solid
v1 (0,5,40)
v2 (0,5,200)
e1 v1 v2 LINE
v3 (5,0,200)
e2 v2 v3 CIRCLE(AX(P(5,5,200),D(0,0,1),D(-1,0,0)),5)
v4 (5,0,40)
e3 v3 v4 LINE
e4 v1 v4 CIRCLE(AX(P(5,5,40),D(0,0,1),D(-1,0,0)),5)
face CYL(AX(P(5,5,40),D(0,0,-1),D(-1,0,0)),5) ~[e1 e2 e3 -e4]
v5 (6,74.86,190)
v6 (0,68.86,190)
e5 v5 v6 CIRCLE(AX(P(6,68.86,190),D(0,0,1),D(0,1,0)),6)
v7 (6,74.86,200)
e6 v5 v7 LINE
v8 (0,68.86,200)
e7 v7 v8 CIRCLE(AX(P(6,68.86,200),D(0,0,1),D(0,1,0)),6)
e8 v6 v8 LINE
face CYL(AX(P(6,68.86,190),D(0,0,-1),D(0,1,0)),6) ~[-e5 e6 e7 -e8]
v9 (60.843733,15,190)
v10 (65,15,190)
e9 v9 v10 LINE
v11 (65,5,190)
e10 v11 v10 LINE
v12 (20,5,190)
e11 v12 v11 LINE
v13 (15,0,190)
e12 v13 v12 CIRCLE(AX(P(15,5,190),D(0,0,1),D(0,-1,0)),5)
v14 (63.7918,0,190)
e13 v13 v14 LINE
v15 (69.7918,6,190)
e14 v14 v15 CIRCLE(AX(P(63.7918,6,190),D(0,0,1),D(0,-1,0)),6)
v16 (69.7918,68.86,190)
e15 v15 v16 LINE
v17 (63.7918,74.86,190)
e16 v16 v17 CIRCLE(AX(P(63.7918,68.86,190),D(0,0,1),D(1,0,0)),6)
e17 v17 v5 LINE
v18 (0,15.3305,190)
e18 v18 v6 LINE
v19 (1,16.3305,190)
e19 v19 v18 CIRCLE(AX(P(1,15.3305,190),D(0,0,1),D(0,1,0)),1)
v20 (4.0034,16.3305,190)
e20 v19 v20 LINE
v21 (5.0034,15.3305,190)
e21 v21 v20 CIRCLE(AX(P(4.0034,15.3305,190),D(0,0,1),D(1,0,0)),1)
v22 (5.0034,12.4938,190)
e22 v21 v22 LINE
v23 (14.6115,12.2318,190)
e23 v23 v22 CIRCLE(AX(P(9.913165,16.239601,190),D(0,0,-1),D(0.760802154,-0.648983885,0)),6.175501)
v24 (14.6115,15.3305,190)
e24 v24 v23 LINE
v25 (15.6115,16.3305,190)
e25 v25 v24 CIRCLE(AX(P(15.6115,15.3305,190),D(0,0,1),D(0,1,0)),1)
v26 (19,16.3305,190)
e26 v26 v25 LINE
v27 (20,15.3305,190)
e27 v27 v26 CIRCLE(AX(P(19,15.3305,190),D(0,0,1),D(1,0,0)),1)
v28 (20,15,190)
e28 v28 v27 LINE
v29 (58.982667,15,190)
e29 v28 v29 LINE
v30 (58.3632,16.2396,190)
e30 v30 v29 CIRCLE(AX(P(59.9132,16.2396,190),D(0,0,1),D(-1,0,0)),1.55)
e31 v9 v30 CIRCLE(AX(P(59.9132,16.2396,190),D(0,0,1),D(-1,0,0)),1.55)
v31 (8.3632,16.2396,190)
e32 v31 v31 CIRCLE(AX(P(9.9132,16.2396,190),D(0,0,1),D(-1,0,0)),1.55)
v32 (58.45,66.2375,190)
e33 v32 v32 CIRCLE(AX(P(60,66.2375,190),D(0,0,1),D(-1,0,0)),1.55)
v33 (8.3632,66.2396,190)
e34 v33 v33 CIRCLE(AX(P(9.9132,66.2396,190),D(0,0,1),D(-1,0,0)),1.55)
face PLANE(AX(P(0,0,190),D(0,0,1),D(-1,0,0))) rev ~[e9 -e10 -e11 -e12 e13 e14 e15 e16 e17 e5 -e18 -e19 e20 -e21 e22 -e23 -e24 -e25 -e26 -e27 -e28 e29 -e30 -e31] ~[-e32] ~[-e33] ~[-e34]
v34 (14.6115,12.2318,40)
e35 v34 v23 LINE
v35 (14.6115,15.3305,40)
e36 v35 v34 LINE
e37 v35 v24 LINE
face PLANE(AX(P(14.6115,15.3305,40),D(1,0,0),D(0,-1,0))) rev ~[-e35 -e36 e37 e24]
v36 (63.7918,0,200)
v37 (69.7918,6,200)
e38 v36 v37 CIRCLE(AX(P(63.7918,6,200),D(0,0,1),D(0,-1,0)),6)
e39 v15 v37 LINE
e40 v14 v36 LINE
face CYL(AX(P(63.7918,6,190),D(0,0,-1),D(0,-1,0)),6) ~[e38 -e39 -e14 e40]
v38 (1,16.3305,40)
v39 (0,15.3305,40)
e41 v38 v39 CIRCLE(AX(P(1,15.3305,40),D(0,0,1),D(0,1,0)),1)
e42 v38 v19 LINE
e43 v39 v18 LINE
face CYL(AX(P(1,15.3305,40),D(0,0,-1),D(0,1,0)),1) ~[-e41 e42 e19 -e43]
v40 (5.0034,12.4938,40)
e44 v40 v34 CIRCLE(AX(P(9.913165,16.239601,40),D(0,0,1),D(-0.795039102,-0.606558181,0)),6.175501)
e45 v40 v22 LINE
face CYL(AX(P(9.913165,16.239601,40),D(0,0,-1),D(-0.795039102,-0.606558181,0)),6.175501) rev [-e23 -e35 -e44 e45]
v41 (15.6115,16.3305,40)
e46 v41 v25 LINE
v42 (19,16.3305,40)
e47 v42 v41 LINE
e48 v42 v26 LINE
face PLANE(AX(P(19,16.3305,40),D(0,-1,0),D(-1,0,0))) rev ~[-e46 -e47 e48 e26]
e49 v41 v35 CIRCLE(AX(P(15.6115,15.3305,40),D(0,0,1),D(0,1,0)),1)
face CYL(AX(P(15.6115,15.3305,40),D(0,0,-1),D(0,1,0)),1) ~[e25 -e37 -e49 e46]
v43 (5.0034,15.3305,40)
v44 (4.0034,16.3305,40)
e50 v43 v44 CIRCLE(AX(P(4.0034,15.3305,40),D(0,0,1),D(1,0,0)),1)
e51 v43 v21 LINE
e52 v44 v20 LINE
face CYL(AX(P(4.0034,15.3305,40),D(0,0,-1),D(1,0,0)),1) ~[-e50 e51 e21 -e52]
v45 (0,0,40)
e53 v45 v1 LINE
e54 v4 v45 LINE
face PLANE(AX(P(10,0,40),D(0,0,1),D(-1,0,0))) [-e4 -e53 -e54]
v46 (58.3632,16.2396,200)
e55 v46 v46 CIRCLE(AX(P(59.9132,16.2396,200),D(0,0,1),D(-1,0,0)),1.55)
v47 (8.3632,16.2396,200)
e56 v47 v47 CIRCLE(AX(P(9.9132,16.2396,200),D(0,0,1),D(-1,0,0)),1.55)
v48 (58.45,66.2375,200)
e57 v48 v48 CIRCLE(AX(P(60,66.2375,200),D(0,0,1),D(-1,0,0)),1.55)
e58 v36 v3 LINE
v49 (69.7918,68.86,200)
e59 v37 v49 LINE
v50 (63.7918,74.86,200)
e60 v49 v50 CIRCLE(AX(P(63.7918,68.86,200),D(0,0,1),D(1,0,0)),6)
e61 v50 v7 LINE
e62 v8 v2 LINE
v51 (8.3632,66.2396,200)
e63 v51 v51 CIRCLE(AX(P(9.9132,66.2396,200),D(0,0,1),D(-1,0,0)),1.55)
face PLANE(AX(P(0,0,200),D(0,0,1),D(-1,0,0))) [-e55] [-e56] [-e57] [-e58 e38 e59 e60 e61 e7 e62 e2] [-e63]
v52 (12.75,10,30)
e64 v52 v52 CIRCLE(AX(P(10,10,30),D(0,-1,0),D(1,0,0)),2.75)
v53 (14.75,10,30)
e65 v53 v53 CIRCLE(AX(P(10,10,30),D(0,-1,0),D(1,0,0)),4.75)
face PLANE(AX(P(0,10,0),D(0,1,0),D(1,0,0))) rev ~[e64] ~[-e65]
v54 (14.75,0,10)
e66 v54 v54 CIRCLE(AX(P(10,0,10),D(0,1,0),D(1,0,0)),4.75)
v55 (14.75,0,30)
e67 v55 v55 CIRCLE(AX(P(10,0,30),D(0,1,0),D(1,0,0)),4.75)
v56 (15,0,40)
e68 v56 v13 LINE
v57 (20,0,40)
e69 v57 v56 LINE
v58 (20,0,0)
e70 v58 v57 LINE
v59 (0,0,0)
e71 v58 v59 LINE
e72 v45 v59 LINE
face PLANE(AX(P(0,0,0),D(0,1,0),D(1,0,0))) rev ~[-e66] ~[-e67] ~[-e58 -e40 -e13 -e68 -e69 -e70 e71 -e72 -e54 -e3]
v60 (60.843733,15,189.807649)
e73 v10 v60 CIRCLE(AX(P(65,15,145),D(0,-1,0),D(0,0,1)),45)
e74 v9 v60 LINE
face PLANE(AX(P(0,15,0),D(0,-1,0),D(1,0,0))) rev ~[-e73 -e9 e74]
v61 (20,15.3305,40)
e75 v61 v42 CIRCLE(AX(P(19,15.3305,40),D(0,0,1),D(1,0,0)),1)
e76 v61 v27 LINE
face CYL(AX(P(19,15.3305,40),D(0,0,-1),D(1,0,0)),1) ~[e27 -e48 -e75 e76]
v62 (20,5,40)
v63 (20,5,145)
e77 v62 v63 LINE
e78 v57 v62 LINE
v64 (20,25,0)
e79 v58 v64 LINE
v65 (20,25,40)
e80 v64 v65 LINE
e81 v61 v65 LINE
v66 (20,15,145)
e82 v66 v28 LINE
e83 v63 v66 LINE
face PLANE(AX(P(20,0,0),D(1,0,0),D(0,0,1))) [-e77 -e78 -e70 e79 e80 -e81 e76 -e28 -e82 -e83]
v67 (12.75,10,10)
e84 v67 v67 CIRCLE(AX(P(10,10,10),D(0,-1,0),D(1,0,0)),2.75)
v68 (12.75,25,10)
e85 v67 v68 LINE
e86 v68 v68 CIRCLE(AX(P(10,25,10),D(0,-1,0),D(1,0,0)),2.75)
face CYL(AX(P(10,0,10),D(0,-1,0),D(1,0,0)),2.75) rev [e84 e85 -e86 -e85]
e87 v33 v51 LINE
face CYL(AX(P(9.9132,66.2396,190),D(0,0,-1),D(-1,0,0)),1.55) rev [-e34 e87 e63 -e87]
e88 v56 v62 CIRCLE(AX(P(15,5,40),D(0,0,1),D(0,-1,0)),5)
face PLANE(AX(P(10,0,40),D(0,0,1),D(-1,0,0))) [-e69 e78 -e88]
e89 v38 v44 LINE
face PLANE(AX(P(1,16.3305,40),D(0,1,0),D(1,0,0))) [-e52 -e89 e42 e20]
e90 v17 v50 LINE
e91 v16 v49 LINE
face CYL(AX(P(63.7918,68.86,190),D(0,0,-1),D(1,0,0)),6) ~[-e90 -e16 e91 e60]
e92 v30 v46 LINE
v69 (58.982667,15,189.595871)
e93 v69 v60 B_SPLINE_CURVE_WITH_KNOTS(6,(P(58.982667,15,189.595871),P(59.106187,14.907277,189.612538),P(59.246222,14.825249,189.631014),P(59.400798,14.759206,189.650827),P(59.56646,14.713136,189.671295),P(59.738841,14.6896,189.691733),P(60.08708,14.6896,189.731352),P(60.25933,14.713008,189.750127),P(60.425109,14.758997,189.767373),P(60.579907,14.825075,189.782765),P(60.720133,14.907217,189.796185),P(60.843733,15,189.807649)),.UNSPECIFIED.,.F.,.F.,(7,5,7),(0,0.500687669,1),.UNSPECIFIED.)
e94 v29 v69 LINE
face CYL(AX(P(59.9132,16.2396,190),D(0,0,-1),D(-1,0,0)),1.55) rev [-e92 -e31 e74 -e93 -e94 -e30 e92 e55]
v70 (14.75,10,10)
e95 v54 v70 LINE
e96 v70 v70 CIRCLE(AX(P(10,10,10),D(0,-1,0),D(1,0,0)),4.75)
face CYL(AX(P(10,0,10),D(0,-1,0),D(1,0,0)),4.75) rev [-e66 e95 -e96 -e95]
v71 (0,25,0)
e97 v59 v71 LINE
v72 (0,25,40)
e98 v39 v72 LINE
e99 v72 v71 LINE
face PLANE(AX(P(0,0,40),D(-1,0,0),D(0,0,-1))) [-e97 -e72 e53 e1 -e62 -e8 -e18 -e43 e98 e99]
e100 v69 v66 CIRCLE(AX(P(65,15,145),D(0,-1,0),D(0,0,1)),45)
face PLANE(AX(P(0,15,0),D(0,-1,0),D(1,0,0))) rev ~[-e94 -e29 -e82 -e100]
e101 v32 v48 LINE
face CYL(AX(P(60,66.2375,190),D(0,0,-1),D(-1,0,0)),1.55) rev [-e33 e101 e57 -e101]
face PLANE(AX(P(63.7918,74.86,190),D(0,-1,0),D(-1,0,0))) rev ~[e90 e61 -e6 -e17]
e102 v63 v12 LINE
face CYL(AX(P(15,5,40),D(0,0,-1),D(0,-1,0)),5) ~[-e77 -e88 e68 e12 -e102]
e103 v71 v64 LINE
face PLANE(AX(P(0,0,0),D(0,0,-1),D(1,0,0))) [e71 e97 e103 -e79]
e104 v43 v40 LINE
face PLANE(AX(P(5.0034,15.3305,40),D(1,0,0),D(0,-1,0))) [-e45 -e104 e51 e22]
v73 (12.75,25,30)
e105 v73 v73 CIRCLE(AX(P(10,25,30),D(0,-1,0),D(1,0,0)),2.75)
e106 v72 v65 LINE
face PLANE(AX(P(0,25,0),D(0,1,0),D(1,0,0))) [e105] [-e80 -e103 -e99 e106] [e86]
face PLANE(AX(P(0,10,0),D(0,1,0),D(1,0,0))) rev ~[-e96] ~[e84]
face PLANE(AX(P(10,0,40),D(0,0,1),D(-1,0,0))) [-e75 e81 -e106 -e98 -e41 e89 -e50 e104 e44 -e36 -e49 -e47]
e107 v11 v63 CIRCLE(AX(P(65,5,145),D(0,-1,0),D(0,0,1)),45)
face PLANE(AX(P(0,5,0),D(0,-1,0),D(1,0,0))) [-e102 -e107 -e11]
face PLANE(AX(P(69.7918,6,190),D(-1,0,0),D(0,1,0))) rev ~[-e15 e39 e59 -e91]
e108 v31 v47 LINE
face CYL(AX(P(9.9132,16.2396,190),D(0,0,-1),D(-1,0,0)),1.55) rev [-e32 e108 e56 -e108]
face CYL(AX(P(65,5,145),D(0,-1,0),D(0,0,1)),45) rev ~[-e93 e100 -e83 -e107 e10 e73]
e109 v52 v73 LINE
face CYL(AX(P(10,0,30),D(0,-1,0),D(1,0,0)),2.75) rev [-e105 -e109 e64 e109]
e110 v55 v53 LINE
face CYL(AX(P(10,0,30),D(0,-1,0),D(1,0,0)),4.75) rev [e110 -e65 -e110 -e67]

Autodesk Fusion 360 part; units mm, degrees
sketch "Sketch1" plane through (0, 0, 0) normal (0, 1, 0) x (1, 0, 0)
  line L0 (0, 0) -> (20, 0)
  line L1 (20, 0) -> (20, -40)
  line L2 (20, -40) -> (0, -40)
  line L3 (0, -40) -> (0, 0)
  line L4 (20, -40) -> (10, -40)
  line L5 (10, -40) -> (10, 0)
  line L6 (10, -40) -> (10, -30)
  line L7 (10, 0) -> (10, -10)
  circle A0 centre (10, -10) radius 2.75
  circle A1 centre (10, -30) radius 2.75
  circle A2 centre (10, -30) radius 4.75
  circle A3 centre (10, -10) radius 4.75
  dimension "d1" = 20
  dimension "d2" = 40
  dimension "d3" = 10
  dimension "d4" = 10
  dimension "d5" = 10
  dimension "d6" = 5.5
  dimension "d7" = 5.5
  dimension "d10" = 9.5
  dimension "d11" = 9.5
extrude "Extrude1" add sketch "Sketch1" along normal blind 25 contours L0 L2 L3 L5 L6 L7 A2 A3 | L0 L1 L2 L4 L5 L6 L7 A2 A3 | L5 L7 A0 A3 | L5 L7 A0 A3 | L5 L6 A1 A2 | L5 L6 A1 A2
extrude "Extrude2" cut sketch "Sketch1" along normal blind 10 contours L5 L7 A0 A3 | L5 L7 A0 A3 | L5 L6 A1 A2 | L5 L6 A1 A2
sketch "Sketch2" plane through (0, 0, 0) normal (1, 0, 0) x (0, 1, 0)
  line L0 (0, 0) -> (20, 0)
  line L1 (20, 0) -> (20, 40)
  line L2 (20, 40) -> (0, 40)
  line L3 (0, 40) -> (0, 0)
  line L4 (0, 30) -> (10, 30)
  line L5 (0, 10) -> (10, 10)
  circle A0 centre (10, 30) radius 2.35
  circle A1 centre (10, 10) radius 2.35
  dimension "d14" = 20
  dimension "d15" = 10
  dimension "d16" = 10
  dimension "d17" = 4.7
  dimension "d18" = 4.7
sketch "Sketch3" plane through (0, 0, 40) normal (0, 0, 1) x (-1, 0, 0)
  line L0 (0, 0) -> (-20, 0)
  line L1 (-20, 0) -> (-20, -25)
  line L2 (-20, -25) -> (0, -25)
  line L3 (0, -25) -> (0, 0)
  line L4 (-15, 0) -> (-5, 0)
  line L5 (0, -5) -> (0, -15.3305)
  line L6 (-20, -15.3305) -> (-20, -5)
  line L7 (-10.403, -10.0836) -> (-9.4234, -10.0836)
  line L8 (0, -10) -> (0, -15.3305)
  line L9 (-19, -16.3305) -> (-15.6115, -16.3305)
  line L10 (-14.6115, -15.3305) -> (-14.6115, -12.2318)
  line L11 (-1, -16.3305) -> (-4.0034, -16.3305)
  line L12 (-5.0034, -15.3305) -> (-5.0034, -12.4938)
  arc A0 (-5.0034, -12.4938) -> (-14.6115, -12.2318) centre (-9.9132, -16.2396) ccw
  line L13 (-1, -16.3305) -> (-4.0034, -16.3305)
  line L14 (-15.6115, -16.3305) -> (-19, -16.3305)
  line L15 (-1, -16.3305) -> (-4.0034, -16.3305)
  line L16 (-15.6115, -16.3305) -> (-19, -16.3305)
  arc A1 (-15.6115, -16.3305) -> (-14.6115, -15.3305) centre (-15.6115, -15.3305) ccw
  arc A2 (-5.0034, -15.3305) -> (-4.0034, -16.3305) centre (-4.0034, -15.3305) ccw
  arc A3 (-20, -15.3305) -> (-19, -16.3305) centre (-19, -15.3305) ccw
  arc A4 (-1, -16.3305) -> (0, -15.3305) centre (-1, -15.3305) ccw
  arc A5 (-15, 0) -> (-20, -5) centre (-15, -5) ccw
  arc A6 (0, -5) -> (-5, 0) centre (-5, -5) ccw
  dimension "d24" = 1
  dimension "d25" = 1
  dimension "d26" = 5
extrude "Extrude4" add sketch "Sketch3" along normal blind 150 contours L0 L1 L3 L4 L5 L6 L8 L9 L10 L11 L12 A0 L13 L14 L15 L16 A1 A2 A3 A4 A5 A6
sketch "Sketch4" plane through (0, 0, 190) normal (0, 0, 1) x (-1, 0, 0)
  line L0 (0, -15.3305) -> (0, -5)
  arc A0 (0, -5) -> (-5, 0) centre (-5, -5) ccw
  line L1 (-5, 0) -> (-15, 0)
  arc A1 (-15, 0) -> (-20, -5) centre (-15, -5) ccw
  line L2 (-20, -5) -> (-20, -15.3305)
  arc A2 (-20, -15.3305) -> (-19, -16.3305) centre (-19, -15.3305) ccw
  line L3 (-19, -16.3305) -> (-15.6115, -16.3305)
  arc A3 (-15.6115, -16.3305) -> (-14.6115, -15.3305) centre (-15.6115, -15.3305) ccw
  line L4 (-14.6115, -15.3305) -> (-14.6115, -12.2318)
  arc A4 (-5.0034, -12.4938) -> (-14.6115, -12.2318) centre (-9.9132, -16.2396) ccw
  line L5 (-5.0034, -12.4938) -> (-5.0034, -15.3305)
  arc A5 (-5.0034, -15.3305) -> (-4.0034, -16.3305) centre (-4.0034, -15.3305) ccw
  line L6 (-4.0034, -16.3305) -> (-1, -16.3305)
  arc A6 (-1, -16.3305) -> (0, -15.3305) centre (-1, -15.3305) ccw
  circle A7 centre (-9.9132, -16.2396) radius 1.55
  line L7 (0, 0) -> (-63.7918, 0)
  line L8 (-69.7918, -6) -> (-69.7918, -68.86)
  line L9 (-63.7918, -74.86) -> (-6, -74.86)
  line L10 (0, -68.86) -> (0, 0)
  arc A8 (-63.7918, 0) -> (-69.7918, -6) centre (-63.7918, -6) ccw
  arc A9 (-69.7918, -68.86) -> (-63.7918, -74.86) centre (-63.7918, -68.86) ccw
  arc A10 (-6, -74.86) -> (0, -68.86) centre (-6, -68.86) ccw
  arc A11 (0, -5) -> (-5, 0) centre (-5, -5) ccw
  circle A12 centre (-59.9132, -16.2396) radius 1.55
  circle A13 centre (-60, -66.2375) radius 1.55
  circle A14 centre (-9.9132, -66.2396) radius 1.55
  dimension "d29" = 3.1
  dimension "d30" = 50
  dimension "d31" = 50
  dimension "d32" = 6
  dimension "d33" = 3.1
  dimension "d34" = 3.1
  dimension "d35" = 3.1
extrude "Extrude5" add sketch "Sketch4" along normal blind 10 contours L0 A0 L1 A1 L2 A2 L3 A3 L4 A4 L5 A5 L6 A6 L7 L10 A11 | A1 L2 A2 L3 A3 L4 A4 L5 A5 L6 A6 L7 L8 L9 L10 A8 A9 A10
sketch "Sketch5" plane through (0, 0, 0) normal (0, -1, 0) x (1, 0, 0)
  circle A0 centre (10, 30) radius 4.75
  circle A1 centre (10, 10) radius 4.75
  line L0 (20, 0) -> (20, 40)
  line L1 (20, 40) -> (15, 40)
  line L2 (15, 40) -> (15, 190)
  line L3 (15, 190) -> (63.7918, 190)
  line L4 (63.7918, 190) -> (63.7918, 200)
  line L5 (63.7918, 200) -> (5, 200)
  line L6 (5, 200) -> (5, 40)
  line L7 (5, 40) -> (0, 40)
  line L8 (0, 40) -> (0, 0)
  line L9 (0, 0) -> (20, 0)
  line L10 (20, 190) -> (65, 190)
  line L11 (20, 145) -> (20, 190)
  arc A2 (65, 190) -> (20, 145) centre (65, 145) ccw
extrude "Extrude6" add sketch "Sketch5" against normal blind 10 from surface at -5 contours L3 L10 L11 A2
extrude "Extrude7" cut 1 faces at (59.9434, 14.7871, 190) along direction (0, 0, -1) blind 5
